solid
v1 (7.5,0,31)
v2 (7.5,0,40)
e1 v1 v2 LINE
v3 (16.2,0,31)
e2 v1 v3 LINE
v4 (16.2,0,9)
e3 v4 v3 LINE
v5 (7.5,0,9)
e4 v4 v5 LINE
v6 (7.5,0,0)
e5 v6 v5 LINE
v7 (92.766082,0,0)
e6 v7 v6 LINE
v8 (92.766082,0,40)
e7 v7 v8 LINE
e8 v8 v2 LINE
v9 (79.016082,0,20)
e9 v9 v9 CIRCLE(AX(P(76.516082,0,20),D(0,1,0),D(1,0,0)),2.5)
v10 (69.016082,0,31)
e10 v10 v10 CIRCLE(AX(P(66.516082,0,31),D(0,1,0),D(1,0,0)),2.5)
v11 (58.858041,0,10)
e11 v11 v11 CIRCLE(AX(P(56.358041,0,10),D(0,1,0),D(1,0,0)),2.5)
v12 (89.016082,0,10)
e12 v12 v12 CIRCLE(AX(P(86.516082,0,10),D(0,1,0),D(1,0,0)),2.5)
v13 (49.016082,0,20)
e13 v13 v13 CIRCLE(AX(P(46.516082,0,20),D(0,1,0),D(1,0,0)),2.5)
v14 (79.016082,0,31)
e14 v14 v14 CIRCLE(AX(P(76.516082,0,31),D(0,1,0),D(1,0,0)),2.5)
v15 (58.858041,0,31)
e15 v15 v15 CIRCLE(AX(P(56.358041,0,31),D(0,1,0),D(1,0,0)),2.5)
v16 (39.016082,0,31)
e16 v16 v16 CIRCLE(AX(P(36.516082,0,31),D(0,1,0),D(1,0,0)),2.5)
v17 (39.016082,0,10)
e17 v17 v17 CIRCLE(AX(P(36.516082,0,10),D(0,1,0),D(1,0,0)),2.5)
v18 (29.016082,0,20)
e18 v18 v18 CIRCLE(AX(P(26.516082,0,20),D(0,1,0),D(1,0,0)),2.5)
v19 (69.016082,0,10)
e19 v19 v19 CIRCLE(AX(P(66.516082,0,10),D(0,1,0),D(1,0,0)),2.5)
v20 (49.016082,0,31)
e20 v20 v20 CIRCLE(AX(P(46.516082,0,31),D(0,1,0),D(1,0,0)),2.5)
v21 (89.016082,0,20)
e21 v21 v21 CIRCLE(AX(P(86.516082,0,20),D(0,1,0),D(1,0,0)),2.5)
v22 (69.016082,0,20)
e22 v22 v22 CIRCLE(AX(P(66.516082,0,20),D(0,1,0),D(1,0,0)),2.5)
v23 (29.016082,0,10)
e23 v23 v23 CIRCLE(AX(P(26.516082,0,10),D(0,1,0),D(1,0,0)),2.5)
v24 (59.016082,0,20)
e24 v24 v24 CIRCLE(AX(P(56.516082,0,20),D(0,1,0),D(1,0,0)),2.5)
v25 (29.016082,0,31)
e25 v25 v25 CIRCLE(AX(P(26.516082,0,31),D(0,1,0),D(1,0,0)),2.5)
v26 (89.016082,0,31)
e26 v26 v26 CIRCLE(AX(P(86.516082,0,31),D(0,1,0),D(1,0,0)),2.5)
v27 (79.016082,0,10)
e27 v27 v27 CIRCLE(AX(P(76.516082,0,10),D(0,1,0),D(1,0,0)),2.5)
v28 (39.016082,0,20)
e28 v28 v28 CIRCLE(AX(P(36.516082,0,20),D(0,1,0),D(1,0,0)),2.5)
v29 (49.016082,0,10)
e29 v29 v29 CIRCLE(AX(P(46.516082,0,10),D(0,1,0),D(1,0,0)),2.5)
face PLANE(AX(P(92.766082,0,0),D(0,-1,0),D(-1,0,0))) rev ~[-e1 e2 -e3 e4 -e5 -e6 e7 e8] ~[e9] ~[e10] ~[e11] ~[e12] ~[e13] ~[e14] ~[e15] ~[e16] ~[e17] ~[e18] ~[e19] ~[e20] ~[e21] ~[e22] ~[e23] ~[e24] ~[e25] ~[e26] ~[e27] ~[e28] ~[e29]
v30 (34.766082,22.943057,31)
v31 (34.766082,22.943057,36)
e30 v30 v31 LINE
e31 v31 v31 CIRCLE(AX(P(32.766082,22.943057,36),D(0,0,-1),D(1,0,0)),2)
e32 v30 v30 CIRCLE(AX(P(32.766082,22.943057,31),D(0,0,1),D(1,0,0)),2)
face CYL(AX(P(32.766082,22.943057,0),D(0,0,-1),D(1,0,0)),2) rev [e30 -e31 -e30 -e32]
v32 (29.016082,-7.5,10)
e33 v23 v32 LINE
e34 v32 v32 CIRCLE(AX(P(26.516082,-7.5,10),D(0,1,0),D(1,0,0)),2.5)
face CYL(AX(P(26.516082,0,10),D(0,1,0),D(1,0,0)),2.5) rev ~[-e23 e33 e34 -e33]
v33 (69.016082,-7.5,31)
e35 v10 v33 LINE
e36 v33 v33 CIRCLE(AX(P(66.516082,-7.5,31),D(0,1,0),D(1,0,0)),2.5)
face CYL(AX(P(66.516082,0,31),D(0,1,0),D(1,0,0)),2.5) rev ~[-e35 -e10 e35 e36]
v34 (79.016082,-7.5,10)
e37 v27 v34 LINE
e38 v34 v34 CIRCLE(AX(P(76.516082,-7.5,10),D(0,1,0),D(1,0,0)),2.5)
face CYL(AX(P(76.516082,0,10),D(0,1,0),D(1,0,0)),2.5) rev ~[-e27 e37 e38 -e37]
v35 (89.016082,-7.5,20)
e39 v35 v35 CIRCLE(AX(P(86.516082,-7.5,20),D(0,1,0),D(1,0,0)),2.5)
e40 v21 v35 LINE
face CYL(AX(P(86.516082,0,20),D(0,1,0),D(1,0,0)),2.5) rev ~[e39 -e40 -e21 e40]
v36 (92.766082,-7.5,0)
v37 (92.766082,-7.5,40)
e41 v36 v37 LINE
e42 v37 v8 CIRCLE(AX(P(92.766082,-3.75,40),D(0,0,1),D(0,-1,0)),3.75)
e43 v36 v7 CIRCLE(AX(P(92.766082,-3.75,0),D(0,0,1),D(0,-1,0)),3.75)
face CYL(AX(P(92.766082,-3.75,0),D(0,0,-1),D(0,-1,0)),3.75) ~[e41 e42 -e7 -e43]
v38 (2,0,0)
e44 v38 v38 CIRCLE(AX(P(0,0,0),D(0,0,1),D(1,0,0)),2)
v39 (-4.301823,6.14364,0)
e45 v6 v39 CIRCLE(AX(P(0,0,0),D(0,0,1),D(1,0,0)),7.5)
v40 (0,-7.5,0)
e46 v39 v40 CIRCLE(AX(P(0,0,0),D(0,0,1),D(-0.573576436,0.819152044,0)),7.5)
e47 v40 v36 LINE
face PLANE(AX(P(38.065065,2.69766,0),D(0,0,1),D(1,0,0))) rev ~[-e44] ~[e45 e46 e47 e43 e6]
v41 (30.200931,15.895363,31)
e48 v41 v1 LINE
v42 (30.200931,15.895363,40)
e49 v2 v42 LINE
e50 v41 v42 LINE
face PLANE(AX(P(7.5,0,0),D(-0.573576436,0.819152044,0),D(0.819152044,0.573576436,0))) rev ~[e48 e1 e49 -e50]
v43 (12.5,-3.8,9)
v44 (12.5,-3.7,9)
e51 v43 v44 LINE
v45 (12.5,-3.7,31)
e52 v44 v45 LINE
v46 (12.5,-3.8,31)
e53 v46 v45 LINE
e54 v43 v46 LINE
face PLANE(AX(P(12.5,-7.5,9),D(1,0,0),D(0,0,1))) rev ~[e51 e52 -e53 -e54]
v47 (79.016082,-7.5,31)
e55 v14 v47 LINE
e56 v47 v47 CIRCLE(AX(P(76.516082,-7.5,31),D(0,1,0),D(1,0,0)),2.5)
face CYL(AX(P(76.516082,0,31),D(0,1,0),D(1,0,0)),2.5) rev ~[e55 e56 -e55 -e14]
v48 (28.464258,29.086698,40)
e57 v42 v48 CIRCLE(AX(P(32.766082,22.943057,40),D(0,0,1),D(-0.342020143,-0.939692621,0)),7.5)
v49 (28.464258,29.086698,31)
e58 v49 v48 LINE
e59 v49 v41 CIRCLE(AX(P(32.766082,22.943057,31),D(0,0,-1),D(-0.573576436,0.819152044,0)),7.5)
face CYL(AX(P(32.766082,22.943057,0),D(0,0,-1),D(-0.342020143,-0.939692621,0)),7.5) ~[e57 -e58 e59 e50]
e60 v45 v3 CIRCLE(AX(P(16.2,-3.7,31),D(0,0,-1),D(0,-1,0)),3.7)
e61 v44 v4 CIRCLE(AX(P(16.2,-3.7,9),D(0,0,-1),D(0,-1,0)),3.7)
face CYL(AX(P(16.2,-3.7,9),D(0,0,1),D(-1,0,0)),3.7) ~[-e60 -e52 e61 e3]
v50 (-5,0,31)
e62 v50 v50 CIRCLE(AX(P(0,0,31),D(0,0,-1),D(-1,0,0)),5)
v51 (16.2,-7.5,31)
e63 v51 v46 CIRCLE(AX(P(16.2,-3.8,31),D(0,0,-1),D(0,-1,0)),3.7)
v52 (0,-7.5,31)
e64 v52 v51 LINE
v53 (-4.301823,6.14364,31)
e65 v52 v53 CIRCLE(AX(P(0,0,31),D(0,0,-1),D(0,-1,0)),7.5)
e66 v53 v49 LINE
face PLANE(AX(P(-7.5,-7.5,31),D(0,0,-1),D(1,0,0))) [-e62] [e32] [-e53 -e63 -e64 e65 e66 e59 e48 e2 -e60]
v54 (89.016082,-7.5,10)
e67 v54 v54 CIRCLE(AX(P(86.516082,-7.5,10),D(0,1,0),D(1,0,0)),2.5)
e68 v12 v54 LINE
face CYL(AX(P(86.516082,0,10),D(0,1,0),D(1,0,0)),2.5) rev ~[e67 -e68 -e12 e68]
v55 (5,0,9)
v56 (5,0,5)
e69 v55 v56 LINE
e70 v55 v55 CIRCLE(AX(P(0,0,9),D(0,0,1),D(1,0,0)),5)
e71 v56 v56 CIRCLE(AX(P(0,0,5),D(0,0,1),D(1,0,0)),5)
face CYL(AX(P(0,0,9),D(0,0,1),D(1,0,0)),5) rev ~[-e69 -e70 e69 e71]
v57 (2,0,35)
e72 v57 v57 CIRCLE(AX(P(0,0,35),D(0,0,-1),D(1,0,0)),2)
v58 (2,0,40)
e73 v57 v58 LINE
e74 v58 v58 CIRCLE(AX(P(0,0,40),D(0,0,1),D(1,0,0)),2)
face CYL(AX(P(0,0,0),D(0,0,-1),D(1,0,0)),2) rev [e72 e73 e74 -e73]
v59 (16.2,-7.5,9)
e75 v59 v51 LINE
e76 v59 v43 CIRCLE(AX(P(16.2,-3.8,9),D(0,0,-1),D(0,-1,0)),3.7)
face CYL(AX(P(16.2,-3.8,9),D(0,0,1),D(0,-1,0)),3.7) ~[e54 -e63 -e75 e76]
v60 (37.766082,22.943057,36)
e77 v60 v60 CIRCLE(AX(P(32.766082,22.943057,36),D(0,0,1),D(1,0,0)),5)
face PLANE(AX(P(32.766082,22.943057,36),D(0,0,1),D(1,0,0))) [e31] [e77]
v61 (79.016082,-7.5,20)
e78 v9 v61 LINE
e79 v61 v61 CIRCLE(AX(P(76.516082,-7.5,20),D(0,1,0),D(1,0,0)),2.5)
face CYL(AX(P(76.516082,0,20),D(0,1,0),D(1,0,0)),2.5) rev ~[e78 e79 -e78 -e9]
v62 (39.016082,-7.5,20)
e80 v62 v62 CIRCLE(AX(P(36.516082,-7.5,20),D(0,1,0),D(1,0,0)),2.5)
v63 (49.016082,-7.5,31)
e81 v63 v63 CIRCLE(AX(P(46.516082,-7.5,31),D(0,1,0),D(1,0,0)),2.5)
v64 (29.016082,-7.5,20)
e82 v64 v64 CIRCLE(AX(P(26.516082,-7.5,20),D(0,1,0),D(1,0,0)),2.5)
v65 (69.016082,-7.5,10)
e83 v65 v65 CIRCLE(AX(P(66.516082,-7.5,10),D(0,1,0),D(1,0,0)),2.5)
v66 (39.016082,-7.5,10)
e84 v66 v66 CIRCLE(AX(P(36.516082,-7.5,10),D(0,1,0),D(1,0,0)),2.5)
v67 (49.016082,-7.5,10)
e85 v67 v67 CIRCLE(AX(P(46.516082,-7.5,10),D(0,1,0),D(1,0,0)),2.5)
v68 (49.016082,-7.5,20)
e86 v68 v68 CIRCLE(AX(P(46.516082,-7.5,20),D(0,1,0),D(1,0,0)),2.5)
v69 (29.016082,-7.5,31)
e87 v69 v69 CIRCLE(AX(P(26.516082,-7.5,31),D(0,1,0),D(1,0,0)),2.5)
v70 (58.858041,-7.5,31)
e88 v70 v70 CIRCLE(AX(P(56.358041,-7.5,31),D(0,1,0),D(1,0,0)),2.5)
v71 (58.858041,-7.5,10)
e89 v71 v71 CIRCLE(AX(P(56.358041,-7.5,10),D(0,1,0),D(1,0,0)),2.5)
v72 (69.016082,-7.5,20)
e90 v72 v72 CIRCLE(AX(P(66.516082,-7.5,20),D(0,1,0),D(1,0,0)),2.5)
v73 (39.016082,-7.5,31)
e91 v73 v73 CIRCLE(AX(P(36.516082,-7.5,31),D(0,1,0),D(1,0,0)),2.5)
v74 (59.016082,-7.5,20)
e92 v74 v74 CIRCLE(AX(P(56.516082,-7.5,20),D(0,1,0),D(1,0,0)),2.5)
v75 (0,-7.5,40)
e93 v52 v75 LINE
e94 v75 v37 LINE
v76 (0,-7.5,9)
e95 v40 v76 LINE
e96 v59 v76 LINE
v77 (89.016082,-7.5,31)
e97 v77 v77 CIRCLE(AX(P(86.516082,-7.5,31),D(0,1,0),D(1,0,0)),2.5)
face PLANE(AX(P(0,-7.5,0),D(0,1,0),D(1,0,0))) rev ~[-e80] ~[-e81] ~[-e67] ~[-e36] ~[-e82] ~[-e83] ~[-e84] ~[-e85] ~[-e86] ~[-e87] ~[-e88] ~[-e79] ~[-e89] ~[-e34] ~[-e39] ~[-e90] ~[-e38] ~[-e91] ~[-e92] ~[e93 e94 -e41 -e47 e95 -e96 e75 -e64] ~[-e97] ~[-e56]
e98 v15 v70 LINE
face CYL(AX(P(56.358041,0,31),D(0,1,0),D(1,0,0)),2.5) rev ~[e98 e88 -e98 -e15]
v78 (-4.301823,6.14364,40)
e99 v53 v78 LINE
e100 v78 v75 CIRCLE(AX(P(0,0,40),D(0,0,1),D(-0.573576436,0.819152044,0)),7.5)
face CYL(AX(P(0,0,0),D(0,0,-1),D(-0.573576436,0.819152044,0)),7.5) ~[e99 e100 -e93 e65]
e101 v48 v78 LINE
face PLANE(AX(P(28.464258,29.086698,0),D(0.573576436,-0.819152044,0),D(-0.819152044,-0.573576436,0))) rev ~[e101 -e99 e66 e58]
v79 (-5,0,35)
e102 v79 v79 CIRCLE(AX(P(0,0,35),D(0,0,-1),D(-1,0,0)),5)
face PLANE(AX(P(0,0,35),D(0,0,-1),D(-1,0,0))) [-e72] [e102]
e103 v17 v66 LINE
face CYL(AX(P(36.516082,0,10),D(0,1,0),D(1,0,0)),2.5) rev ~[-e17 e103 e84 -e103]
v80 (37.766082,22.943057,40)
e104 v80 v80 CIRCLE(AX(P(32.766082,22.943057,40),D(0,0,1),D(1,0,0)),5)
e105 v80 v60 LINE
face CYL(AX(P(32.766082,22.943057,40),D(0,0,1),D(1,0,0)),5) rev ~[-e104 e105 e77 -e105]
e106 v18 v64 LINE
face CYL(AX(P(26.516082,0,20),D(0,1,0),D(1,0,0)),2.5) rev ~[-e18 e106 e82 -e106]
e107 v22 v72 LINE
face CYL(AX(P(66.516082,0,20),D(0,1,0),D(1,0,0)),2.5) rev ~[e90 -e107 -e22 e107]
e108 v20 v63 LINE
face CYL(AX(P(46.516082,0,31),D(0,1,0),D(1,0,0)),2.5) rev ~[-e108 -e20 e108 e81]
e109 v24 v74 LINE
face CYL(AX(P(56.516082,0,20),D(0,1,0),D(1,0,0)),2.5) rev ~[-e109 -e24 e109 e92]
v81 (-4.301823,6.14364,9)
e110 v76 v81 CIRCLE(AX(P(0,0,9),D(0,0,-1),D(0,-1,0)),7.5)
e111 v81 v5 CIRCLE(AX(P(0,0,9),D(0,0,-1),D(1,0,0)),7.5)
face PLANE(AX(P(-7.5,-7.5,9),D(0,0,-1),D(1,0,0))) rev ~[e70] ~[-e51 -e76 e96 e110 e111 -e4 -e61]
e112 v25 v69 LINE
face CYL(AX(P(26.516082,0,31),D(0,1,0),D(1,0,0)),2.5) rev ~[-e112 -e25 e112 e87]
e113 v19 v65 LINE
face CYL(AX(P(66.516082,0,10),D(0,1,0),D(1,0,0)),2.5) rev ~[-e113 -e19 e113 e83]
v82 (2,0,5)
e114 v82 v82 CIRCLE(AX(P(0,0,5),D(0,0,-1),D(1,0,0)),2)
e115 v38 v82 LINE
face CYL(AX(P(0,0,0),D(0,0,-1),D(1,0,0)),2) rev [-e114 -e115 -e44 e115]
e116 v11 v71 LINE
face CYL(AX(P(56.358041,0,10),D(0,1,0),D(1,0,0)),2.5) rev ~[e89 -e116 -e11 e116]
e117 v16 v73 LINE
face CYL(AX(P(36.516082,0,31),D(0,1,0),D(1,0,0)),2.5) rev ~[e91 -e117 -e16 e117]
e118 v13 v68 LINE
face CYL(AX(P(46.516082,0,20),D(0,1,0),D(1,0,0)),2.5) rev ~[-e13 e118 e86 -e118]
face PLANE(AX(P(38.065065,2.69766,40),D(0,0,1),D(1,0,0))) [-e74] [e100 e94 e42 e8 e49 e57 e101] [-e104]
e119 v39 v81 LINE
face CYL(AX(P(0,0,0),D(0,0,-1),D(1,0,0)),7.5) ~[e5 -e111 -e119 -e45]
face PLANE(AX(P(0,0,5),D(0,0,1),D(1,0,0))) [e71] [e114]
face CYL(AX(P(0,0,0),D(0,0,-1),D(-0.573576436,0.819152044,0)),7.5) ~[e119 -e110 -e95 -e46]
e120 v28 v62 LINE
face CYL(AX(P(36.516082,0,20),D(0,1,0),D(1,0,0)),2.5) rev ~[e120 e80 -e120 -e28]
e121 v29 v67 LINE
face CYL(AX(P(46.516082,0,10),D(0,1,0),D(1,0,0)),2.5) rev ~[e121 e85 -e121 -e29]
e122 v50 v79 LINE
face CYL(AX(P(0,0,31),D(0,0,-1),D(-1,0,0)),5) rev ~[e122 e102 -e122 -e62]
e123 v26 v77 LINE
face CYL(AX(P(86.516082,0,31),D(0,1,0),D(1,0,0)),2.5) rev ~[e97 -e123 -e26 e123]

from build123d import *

# Parameters (mm, degrees)
SKETCH1_R           = 2
BOSS_EXTRUDE1_DEPTH = 40
SKETCH2_W           = 20
SKETCH2_H           = 22
CUT_EXTRUDE1_DEPTH  = 38.943057454
SKETCH3_R           = 2
CUT_EXTRUDE2_DEPTH  = 31
FILLET1_R           = 3.7
SKETCH4_R           = 2.5
CUT_EXTRUDE3_DEPTH  = 30
SKETCH5_R           = 5
CUT_EXTRUDE4_DEPTH  = 4
SKETCH11_R          = 5
CUT_EXTRUDE6_DEPTH  = 4
SKETCH12_R          = 5
CUT_EXTRUDE7_DEPTH  = 4


with BuildPart() as part:
    # Sketch1 → Boss-Extrude1 (new body)
    with BuildSketch(Plane.XY):
        with BuildLine():
            Line((28.464258499, 29.086697786), (-4.301823273, 6.143640332))
            ThreePointArc((-4.301823273, 6.143640332), (-7.152877131, -2.255293496), (0, -7.5))
            Line((0, -7.5), (92.766081772, -7.5))
            ThreePointArc((92.766081772, -7.5), (96.516081772, -3.75), (92.766081772, 0))
            Line((92.766081772, 0), (7.5, 0))
            Line((7.5, 0), (30.200930697, 15.895362798))
            ThreePointArc((30.200930697, 15.895362798), (40.201918232, 23.922003896), (28.464258499, 29.086697786))
        make_face()
        with Locations((32.766081772, 22.943057454)):
            Circle(SKETCH1_R, mode=Mode.SUBTRACT)
        Circle(SKETCH1_R, mode=Mode.SUBTRACT)
    extrude(amount=BOSS_EXTRUDE1_DEPTH)

    # Sketch2 → Cut-Extrude1 (cut, through all)
    with BuildSketch(Plane.XZ.offset(7.5)):
        with Locations((2.5, 20)):
            Rectangle(SKETCH2_W, SKETCH2_H)
    extrude(amount=-CUT_EXTRUDE1_DEPTH, mode=Mode.SUBTRACT)

    # Sketch3 → Cut-Extrude2 (cut)
    with BuildSketch(Plane(origin=(0, 0, 0), x_dir=(-1, 0, 0), z_dir=(0, 0, -1))):
        with BuildLine():
            Line((-30.200930697, 15.895362798), (-7.5, 0))
            ThreePointArc((-7.5, 0), (-3.463114599, 6.652581249), (4.301823273, 6.143640332))
            Line((4.301823273, 6.143640332), (-28.464258499, 29.086697786))
            ThreePointArc((-28.464258499, 29.086697786), (-40.201918232, 23.922003896), (-30.200930697, 15.895362798))
        make_face()
        with Locations((-32.766081772, 22.943057454)):
            Circle(SKETCH3_R, mode=Mode.SUBTRACT)
    extrude(amount=-CUT_EXTRUDE2_DEPTH, mode=Mode.SUBTRACT)

    # Fillet1
    fillet1_edges = [part.edges().sort_by_distance(p)[0] for p in [
        (12.5, 0, 20),
        (12.5, -7.5, 20),
    ]]
    fillet(fillet1_edges, radius=FILLET1_R)

    # Sketch4 → Cut-Extrude3 (cut)
    with BuildSketch(Plane(origin=(0, 0, 0), x_dir=(1, 0, 0), z_dir=(0, 1, 0))):
        with Locations((86.516081772, -10)):
            Circle(SKETCH4_R)
        with Locations((86.516081772, -20)):
            Circle(SKETCH4_R)
        with Locations((86.516081772, -31)):
            Circle(SKETCH4_R)
        with Locations((76.516081772, -31)):
            Circle(SKETCH4_R)
        with Locations((76.516081772, -20)):
            Circle(SKETCH4_R)
        with Locations((76.516081772, -10)):
            Circle(SKETCH4_R)
        with Locations((66.516081772, -10)):
            Circle(SKETCH4_R)
        with Locations((66.516081772, -20)):
            Circle(SKETCH4_R)
        with Locations((66.516081772, -31)):
            Circle(SKETCH4_R)
        with Locations((56.358040886, -31)):
            Circle(SKETCH4_R)
        with Locations((56.516081772, -20)):
            Circle(SKETCH4_R)
        with Locations((56.358040886, -10)):
            Circle(SKETCH4_R)
        with Locations((46.516081772, -10)):
            Circle(SKETCH4_R)
        with Locations((46.516081772, -20)):
            Circle(SKETCH4_R)
        with Locations((46.516081772, -31)):
            Circle(SKETCH4_R)
        with Locations((36.516081772, -31)):
            Circle(SKETCH4_R)
        with Locations((36.516081772, -20)):
            Circle(SKETCH4_R)
        with Locations((36.516081772, -10)):
            Circle(SKETCH4_R)
        with Locations((26.516081772, -10)):
            Circle(SKETCH4_R)
        with Locations((26.516081772, -20)):
            Circle(SKETCH4_R)
        with Locations((26.516081772, -31)):
            Circle(SKETCH4_R)
    extrude(amount=-CUT_EXTRUDE3_DEPTH, mode=Mode.SUBTRACT)

    # Sketch5 → Cut-Extrude4 (cut)
    with BuildSketch(Plane.XY.offset(9)):
        Circle(SKETCH5_R)
    extrude(amount=-CUT_EXTRUDE4_DEPTH, mode=Mode.SUBTRACT)

    # Sketch11 → Cut-Extrude6 (cut)
    with BuildSketch(Plane(origin=(0, 0, 31), x_dir=(-1, 0, 0), z_dir=(0, 0, -1))):
        Circle(SKETCH11_R)
    extrude(amount=-CUT_EXTRUDE6_DEPTH, mode=Mode.SUBTRACT)

    # Sketch12 → Cut-Extrude7 (cut)
    with BuildSketch(Plane.XY.offset(40)):
        with Locations((32.766081772, 22.943057454)):
            Circle(SKETCH12_R)
    extrude(amount=-CUT_EXTRUDE7_DEPTH, mode=Mode.SUBTRACT)


solid = part.part
